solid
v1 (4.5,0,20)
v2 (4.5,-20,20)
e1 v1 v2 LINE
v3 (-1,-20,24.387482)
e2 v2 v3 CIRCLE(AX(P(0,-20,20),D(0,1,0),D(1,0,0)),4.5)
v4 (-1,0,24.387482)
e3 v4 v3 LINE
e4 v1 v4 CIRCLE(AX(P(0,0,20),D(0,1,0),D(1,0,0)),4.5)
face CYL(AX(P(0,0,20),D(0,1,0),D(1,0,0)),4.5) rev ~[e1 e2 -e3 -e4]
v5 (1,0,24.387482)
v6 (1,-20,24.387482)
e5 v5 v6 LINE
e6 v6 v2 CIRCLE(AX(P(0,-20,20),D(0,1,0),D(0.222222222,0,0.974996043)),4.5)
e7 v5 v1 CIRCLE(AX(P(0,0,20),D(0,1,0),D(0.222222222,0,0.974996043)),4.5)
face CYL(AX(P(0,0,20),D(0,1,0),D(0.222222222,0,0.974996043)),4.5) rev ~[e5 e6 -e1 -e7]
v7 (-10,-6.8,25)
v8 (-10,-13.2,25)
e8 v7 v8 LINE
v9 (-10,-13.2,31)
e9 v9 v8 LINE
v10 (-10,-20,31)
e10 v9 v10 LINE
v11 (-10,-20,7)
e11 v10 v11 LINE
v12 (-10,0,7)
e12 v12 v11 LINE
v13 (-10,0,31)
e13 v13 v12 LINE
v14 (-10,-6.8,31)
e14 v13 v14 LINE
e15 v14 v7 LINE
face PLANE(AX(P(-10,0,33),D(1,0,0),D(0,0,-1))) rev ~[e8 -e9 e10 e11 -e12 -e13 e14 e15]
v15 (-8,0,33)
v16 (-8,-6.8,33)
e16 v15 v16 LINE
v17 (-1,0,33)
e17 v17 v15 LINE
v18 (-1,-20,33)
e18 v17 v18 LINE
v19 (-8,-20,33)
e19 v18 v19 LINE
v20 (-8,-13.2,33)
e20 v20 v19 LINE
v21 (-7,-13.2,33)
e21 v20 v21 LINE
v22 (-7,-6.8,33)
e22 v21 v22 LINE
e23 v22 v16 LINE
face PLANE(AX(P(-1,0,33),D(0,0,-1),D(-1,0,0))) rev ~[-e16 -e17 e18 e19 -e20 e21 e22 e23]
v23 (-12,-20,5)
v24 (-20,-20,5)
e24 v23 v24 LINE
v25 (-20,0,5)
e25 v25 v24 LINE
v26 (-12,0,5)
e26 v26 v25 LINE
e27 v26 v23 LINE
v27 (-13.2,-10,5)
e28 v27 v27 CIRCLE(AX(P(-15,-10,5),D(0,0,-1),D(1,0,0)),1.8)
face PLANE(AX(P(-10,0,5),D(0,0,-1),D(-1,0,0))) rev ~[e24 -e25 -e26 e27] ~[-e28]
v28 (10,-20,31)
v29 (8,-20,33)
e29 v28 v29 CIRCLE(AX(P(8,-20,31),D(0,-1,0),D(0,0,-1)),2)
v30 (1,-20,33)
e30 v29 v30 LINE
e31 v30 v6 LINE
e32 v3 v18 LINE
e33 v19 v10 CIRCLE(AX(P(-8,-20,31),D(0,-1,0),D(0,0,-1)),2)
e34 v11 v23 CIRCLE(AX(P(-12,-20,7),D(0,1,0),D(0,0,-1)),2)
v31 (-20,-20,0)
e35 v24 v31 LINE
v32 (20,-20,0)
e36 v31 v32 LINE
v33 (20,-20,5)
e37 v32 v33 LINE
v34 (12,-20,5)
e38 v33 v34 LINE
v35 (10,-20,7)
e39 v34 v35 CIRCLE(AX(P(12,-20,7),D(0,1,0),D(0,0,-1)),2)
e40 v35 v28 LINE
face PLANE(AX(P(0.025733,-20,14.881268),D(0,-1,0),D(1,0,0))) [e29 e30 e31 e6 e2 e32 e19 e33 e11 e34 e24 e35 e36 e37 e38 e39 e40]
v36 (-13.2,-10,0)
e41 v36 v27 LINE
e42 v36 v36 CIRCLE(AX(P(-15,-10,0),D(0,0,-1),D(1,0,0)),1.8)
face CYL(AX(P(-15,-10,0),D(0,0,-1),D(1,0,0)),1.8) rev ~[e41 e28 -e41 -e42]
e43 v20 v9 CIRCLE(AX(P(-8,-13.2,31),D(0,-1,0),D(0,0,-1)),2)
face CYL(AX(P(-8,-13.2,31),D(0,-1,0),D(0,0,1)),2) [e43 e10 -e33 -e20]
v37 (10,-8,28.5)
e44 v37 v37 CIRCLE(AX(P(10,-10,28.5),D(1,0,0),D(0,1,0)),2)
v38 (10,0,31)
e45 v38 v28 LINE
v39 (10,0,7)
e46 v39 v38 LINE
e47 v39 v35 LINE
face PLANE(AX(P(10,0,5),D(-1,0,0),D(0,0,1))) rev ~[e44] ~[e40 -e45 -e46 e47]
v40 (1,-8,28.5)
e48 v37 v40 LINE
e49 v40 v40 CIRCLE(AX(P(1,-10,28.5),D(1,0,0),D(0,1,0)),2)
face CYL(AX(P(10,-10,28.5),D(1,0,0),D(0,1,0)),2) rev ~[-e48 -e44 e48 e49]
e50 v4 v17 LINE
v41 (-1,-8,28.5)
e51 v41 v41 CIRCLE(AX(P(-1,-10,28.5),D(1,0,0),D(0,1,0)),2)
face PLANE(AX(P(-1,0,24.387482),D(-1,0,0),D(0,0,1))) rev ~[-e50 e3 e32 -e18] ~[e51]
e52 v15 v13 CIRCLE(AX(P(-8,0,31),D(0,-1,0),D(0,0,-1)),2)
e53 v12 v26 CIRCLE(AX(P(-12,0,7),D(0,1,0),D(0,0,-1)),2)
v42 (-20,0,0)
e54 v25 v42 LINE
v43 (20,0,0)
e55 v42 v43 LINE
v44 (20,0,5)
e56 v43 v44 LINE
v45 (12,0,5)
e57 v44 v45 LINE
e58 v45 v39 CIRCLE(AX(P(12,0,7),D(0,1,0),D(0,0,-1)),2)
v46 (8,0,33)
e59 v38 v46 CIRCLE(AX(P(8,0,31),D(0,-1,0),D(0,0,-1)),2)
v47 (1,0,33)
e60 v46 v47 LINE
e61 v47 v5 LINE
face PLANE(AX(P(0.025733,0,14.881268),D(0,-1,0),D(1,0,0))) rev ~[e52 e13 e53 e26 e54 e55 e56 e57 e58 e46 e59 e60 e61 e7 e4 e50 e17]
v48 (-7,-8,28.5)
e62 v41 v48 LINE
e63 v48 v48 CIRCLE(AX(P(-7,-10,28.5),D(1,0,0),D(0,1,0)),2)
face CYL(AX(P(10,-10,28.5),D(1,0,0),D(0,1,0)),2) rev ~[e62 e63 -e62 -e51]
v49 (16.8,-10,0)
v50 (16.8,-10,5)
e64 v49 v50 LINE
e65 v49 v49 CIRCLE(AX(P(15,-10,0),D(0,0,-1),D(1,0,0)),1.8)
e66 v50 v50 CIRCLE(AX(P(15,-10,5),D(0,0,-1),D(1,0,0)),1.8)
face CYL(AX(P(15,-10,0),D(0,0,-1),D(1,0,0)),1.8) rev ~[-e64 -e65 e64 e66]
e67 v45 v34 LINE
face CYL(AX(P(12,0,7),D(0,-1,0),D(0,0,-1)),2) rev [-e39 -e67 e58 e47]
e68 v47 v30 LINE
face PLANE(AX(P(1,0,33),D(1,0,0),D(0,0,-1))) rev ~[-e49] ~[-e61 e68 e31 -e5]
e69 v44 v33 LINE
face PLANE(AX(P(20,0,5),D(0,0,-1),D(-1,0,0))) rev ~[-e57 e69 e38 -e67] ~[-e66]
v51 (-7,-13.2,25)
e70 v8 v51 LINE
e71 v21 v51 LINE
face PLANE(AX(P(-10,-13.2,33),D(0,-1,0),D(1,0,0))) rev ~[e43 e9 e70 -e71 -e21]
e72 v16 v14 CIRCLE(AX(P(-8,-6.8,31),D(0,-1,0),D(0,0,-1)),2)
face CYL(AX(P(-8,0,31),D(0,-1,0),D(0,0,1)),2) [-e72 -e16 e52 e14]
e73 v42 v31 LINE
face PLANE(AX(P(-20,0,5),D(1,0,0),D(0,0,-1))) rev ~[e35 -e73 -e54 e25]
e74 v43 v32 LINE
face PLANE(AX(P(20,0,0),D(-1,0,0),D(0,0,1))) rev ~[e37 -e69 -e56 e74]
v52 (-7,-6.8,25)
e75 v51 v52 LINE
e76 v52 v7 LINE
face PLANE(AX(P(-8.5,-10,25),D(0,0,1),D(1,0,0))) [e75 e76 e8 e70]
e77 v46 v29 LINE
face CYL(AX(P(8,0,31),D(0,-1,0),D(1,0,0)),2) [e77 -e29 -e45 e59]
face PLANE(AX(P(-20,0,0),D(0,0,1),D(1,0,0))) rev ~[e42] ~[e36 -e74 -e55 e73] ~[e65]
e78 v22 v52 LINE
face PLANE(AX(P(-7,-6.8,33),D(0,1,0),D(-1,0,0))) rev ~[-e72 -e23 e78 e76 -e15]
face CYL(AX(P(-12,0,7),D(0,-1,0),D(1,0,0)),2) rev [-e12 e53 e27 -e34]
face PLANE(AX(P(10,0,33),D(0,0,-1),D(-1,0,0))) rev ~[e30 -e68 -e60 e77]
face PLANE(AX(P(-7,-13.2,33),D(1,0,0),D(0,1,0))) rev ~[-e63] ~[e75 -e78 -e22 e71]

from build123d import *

# Parameters (mm, degrees)
F1_DEPTH = 20
F2_R     = 2
F3_DEPTH = 25
F5_DEPTH = 8
F6_R     = 1.8
F7_DEPTH = 25
F8_R     = 2


with BuildPart() as f1:
    # F0 (on Front) → F1 (new body)
    with BuildSketch(Plane.XZ):
        with BuildLine():
            Line((-1, 33), (-10, 33))
            Line((-10, 33), (-10, 5))
            Line((-10, 5), (-20, 5))
            Line((-20, 5), (-20, 0))
            Line((-20, 0), (20, 0))
            Line((20, 0), (20, 5))
            Line((20, 5), (10, 5))
            Line((10, 5), (10, 33))
            Line((10, 33), (1, 33))
            Line((1, 33), (1, 24.3874821937))
            ThreePointArc((1, 24.3874821937), (3.5178118199, 22.8062430401), (4.5, 20))
            ThreePointArc((4.5, 20), (-2.8062430401, 16.4821881801), (-1, 24.3874821937))
            Line((-1, 24.3874821937), (-1, 33))
        make_face()
    extrude(amount=F1_DEPTH)

    # F2 (on face) → F3 (cut)
    with BuildSketch(Plane.YZ.offset(10)):
        with Locations((-10, 28.5)):
            Circle(F2_R)
    extrude(amount=-F3_DEPTH, mode=Mode.SUBTRACT)

    # F4 (on face) → F5 (cut)
    with BuildSketch(Plane.XY.offset(33)):
        Polygon((-7, -6.8), (-10, -6.8), (-10, -13.2), (-7, -13.2), (-7, -10), align=None)
    extrude(amount=-F5_DEPTH, mode=Mode.SUBTRACT)

    # F6 (on face) → F7 (cut)
    with BuildSketch(Plane(origin=(0, 0, 0), x_dir=(1, 0, 0), z_dir=(0, 0, -1))):
        with Locations((-15, 10)):
            Circle(F6_R)
        with Locations((15, 10)):
            Circle(F6_R)
    extrude(amount=-F7_DEPTH, mode=Mode.SUBTRACT)

    # F8
    f8_edges = [f1.edges().sort_by_distance(p)[0] for p in [
        (-10, -10, 5),
        (10, -10, 5),
        (-10, -16.6, 33),
        (10, -10, 33),
        (-10, -3.4, 33),
    ]]
    fillet(f8_edges, radius=F8_R)


solid = f1.part
